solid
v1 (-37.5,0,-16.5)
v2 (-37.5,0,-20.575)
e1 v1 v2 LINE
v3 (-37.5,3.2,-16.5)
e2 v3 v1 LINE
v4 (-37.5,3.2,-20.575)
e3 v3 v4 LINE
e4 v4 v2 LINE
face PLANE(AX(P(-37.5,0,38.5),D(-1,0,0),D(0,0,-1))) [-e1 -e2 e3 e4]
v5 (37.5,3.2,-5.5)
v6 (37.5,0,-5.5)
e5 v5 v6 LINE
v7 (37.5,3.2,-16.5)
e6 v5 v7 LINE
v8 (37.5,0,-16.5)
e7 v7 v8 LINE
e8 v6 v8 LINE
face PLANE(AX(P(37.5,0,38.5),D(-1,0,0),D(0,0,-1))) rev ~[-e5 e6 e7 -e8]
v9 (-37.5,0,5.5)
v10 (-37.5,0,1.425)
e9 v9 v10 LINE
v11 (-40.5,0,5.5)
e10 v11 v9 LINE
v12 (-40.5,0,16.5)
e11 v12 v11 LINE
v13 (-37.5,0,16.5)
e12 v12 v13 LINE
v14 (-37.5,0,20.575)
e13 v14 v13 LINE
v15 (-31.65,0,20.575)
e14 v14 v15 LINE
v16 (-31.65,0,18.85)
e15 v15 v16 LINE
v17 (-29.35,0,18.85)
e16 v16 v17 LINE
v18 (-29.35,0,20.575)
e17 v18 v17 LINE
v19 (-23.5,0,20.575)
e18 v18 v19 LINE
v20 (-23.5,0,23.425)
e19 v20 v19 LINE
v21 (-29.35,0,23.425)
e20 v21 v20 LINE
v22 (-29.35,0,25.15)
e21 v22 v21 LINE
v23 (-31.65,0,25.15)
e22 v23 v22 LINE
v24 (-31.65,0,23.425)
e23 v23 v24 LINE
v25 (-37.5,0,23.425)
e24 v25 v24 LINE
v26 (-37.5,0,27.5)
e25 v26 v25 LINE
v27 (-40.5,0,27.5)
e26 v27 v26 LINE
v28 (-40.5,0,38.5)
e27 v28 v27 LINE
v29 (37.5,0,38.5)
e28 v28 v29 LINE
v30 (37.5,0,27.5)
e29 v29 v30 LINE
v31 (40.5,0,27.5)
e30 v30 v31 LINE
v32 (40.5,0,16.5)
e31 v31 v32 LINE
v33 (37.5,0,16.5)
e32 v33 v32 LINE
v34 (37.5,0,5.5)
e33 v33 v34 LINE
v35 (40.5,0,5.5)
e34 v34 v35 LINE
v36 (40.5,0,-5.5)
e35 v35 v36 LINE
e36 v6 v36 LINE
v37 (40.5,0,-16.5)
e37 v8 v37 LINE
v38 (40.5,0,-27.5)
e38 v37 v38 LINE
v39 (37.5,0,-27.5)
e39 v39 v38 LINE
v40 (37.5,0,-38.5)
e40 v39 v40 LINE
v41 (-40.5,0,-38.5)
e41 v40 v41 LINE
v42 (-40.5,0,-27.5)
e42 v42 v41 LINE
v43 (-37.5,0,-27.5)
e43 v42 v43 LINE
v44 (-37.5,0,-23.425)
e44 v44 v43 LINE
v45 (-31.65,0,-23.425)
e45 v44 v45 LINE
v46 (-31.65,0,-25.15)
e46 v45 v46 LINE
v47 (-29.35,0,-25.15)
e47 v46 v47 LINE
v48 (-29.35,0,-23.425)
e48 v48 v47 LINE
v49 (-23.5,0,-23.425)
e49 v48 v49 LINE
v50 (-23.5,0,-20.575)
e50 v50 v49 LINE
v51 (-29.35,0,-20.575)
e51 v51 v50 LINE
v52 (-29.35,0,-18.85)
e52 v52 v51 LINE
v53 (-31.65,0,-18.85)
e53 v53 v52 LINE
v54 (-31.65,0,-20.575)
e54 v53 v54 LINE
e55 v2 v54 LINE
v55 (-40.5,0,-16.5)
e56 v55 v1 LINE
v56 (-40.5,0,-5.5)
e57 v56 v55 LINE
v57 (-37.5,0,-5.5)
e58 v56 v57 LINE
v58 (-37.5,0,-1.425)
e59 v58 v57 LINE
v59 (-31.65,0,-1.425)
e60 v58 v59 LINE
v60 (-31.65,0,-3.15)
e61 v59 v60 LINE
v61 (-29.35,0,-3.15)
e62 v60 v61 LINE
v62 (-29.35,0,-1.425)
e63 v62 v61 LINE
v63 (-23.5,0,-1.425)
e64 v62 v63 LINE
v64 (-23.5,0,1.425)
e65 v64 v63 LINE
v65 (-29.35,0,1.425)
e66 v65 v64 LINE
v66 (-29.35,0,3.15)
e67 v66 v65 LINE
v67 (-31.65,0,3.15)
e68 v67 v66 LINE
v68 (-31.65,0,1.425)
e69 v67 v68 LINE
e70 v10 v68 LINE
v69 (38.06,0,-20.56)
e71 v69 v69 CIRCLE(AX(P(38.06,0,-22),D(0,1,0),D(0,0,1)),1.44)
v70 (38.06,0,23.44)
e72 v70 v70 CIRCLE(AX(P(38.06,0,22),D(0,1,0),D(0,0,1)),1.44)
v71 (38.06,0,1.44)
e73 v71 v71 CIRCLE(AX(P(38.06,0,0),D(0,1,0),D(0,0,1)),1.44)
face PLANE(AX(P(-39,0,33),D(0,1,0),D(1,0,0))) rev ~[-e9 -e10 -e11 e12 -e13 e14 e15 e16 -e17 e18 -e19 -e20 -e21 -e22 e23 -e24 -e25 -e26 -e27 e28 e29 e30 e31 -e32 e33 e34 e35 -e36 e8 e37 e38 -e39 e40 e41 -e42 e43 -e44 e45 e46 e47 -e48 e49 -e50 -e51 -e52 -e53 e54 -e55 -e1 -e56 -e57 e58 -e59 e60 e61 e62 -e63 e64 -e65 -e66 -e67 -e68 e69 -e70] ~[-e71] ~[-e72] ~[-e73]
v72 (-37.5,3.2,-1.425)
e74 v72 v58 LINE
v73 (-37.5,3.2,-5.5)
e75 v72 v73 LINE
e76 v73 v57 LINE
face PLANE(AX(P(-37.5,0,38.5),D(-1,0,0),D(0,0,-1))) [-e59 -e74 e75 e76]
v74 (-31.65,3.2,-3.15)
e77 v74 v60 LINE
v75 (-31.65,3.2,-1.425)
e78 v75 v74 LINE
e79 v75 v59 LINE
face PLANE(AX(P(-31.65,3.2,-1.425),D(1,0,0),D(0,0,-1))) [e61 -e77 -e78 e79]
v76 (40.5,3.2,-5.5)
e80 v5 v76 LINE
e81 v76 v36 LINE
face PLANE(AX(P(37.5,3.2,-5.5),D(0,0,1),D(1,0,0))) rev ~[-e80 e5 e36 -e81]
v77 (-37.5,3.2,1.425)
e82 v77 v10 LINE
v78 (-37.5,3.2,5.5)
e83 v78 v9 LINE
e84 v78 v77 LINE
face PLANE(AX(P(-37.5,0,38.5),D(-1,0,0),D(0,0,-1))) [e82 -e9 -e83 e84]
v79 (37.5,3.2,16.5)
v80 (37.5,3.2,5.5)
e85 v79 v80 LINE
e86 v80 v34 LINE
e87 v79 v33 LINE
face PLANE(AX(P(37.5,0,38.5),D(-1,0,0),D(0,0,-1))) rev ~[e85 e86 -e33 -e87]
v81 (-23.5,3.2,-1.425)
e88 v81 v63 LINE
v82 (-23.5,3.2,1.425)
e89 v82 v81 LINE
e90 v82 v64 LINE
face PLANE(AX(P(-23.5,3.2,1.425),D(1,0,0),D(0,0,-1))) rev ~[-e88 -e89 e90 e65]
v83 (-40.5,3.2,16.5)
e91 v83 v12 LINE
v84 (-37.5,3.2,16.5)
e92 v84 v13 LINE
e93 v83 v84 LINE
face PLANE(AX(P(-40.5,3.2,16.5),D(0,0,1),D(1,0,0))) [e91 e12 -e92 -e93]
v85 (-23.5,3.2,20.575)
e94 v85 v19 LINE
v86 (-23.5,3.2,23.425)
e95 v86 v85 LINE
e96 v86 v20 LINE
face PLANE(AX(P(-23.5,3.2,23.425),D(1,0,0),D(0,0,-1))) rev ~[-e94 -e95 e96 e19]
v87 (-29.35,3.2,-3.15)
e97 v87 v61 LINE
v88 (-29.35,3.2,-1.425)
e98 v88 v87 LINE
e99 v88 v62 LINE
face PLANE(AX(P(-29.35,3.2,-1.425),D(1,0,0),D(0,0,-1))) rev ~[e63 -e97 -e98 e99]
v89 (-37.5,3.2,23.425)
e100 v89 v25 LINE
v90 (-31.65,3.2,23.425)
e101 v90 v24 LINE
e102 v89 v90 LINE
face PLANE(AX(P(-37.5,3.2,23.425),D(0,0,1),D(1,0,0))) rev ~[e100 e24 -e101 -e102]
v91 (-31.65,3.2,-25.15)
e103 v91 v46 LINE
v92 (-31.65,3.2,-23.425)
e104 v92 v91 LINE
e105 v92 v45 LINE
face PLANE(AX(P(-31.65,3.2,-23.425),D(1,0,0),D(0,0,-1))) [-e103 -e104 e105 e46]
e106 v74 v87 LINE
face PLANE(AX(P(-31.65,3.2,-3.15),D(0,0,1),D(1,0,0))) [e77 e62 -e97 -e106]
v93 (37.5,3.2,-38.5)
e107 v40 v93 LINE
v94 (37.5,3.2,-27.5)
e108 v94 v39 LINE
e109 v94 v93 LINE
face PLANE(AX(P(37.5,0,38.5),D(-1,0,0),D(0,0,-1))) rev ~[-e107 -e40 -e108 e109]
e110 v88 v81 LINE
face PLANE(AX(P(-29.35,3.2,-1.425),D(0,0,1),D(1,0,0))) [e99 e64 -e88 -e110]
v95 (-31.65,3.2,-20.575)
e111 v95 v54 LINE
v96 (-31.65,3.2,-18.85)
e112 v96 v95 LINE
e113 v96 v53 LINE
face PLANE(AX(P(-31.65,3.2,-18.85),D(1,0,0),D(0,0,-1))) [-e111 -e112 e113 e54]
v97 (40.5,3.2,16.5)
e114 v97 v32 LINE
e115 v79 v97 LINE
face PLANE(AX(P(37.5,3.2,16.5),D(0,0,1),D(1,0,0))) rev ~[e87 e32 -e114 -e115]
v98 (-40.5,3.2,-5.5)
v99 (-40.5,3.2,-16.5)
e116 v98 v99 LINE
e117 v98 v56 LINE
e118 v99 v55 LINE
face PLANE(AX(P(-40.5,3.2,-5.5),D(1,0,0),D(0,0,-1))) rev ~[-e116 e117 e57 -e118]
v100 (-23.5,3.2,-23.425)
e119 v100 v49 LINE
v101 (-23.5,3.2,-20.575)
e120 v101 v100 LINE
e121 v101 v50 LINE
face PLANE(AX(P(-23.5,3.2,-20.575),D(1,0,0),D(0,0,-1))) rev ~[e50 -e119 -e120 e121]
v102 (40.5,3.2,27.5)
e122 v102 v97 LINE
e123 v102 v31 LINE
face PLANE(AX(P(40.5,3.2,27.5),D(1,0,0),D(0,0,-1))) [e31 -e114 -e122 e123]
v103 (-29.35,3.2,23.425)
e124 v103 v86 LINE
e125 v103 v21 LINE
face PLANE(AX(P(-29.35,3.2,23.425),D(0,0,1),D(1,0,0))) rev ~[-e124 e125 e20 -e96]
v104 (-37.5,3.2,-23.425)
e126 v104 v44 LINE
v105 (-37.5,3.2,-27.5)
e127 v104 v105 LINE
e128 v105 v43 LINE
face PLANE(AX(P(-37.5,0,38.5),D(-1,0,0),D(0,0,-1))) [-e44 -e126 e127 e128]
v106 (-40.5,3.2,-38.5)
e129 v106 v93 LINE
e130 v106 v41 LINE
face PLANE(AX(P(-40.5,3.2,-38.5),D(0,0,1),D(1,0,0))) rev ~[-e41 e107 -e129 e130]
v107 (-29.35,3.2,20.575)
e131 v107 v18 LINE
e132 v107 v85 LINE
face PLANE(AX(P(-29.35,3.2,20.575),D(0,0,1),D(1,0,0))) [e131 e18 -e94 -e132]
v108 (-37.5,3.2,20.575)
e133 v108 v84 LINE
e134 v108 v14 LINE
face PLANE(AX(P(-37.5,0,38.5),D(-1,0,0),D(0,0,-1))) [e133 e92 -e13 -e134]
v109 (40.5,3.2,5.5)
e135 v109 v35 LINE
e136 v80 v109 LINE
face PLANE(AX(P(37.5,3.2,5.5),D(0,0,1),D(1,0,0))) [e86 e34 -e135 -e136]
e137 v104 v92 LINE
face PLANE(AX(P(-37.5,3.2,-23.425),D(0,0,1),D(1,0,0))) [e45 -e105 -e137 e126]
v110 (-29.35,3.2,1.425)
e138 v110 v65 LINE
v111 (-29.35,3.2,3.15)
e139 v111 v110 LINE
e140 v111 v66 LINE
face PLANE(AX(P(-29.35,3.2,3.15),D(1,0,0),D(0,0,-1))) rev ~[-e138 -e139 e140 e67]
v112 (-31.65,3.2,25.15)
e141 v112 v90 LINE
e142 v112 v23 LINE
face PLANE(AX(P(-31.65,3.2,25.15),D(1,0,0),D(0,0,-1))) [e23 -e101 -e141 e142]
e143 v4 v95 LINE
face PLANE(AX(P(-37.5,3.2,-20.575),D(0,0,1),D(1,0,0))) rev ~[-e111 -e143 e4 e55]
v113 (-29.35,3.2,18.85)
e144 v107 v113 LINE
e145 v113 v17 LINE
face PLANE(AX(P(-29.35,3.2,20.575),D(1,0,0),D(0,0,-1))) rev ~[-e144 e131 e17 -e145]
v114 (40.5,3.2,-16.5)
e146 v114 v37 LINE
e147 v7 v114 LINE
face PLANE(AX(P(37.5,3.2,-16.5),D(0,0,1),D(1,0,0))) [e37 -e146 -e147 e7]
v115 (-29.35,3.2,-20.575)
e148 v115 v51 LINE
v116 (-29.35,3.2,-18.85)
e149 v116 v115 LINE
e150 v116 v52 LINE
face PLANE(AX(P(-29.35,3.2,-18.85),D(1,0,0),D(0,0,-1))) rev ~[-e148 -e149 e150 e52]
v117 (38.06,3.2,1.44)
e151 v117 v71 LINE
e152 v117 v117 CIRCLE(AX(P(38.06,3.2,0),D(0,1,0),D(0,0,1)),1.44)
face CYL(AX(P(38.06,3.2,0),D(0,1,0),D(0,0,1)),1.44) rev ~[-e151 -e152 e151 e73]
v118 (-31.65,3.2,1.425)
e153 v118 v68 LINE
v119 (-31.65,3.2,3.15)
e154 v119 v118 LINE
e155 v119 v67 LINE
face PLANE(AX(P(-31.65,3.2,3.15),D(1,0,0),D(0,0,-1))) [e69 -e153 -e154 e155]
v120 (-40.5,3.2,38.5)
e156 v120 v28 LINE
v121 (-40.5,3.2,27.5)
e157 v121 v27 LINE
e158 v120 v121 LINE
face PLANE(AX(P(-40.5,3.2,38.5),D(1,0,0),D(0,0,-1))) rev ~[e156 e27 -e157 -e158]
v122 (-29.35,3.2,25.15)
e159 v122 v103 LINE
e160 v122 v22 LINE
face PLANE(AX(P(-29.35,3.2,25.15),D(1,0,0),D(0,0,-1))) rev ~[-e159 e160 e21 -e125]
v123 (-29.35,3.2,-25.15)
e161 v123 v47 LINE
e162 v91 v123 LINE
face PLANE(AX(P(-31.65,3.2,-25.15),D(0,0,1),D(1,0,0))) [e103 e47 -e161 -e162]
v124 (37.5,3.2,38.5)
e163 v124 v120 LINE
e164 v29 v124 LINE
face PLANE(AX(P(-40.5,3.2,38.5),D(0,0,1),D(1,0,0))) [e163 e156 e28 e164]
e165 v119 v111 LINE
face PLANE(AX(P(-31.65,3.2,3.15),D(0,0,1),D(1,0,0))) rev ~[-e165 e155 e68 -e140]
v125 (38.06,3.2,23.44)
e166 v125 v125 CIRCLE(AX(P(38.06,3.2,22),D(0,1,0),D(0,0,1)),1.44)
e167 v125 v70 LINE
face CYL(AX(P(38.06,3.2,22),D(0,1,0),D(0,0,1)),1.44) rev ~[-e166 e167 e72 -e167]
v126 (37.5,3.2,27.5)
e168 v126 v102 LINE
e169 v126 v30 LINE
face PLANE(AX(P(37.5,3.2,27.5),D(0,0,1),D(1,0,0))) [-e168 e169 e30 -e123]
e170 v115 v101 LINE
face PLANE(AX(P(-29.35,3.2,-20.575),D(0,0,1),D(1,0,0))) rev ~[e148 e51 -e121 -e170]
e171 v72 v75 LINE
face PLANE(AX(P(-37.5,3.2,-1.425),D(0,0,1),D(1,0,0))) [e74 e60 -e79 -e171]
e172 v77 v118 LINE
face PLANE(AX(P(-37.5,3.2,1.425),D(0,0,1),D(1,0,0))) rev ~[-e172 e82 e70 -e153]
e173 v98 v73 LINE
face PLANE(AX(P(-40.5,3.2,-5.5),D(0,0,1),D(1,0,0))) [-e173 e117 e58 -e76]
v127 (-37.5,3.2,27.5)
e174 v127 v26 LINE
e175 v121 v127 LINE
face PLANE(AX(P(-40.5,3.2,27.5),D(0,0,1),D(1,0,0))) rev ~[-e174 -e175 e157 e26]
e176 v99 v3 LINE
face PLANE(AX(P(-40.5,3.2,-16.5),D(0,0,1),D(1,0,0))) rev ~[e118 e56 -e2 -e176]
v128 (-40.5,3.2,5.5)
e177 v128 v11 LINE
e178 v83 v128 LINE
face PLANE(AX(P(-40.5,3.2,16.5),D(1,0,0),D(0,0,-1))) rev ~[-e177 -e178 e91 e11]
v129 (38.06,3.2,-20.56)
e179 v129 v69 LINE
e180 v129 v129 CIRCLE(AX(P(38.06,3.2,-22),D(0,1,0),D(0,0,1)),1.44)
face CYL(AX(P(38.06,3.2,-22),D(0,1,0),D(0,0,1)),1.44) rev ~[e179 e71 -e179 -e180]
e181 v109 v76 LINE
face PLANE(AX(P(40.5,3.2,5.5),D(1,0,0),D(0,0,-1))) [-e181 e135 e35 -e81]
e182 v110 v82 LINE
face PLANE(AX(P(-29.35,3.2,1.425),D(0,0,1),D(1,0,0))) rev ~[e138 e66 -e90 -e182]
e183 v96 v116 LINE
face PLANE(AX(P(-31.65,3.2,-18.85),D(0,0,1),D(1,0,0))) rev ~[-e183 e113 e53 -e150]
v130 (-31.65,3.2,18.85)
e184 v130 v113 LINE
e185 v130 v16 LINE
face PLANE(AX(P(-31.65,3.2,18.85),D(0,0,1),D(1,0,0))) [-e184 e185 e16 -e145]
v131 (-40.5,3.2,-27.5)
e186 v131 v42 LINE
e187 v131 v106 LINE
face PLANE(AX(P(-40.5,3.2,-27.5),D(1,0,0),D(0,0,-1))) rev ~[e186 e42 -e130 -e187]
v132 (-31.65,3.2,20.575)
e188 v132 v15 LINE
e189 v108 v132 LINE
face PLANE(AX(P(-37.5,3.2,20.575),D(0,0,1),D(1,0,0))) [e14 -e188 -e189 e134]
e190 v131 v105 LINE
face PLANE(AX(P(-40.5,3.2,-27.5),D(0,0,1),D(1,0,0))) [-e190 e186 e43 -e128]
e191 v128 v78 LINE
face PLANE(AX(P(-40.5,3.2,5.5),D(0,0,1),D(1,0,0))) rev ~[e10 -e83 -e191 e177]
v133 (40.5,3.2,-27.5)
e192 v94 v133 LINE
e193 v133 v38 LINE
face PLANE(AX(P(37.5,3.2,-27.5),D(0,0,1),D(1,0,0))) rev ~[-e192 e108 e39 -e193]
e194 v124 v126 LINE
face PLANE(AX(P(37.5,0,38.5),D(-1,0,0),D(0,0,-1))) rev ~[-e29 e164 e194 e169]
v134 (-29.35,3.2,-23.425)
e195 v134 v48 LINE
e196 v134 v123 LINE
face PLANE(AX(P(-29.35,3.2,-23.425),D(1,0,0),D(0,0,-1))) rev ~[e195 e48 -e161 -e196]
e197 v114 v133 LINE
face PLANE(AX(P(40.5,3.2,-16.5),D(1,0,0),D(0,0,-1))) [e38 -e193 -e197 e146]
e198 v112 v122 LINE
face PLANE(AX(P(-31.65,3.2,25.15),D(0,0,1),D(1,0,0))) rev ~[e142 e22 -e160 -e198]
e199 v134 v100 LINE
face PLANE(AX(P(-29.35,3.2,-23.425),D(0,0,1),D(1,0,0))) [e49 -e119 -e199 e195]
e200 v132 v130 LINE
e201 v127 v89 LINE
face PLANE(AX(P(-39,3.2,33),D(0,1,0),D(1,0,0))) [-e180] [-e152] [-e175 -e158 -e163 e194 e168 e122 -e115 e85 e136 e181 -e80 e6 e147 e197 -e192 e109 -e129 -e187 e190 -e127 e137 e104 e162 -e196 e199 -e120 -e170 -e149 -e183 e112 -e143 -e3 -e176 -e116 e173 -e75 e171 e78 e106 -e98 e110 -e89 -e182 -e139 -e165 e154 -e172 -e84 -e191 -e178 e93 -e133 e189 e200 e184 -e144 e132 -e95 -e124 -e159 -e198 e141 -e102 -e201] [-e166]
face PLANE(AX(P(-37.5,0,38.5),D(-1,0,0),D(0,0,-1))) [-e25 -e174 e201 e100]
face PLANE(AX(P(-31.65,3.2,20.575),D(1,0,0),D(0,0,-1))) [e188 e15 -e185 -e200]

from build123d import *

# Parameters (mm, degrees)
SKETCH1_W           = 75
SKETCH1_H           = 77
BOSS_EXTRUDE1_DEPTH = 3.2
SKETCH2_W           = 3
SKETCH2_H           = 11
BOSS_EXTRUDE3_DEPTH = 3.2
LPATTERN1_COUNT     = 4
LPATTERN1_PITCH     = 22
SKETCH5_W           = 14
SKETCH5_H           = 2.85
SKETCH5_W_2         = 2.3
SKETCH5_H_2         = 6.3
CUT_EXTRUDE1_DEPTH  = 56.970885289
LPATTERN3_COUNT     = 3
LPATTERN3_PITCH     = 22
SKETCH4_W           = 3
SKETCH4_H           = 11
BOSS_EXTRUDE6_DEPTH = 3.2
SKETCH7_R           = 1.44
CUT_EXTRUDE2_DEPTH  = 56.970885289
LPATTERN7_COUNT     = 3
LPATTERN7_PITCH     = 22
LPATTERN8_COUNT     = 3
LPATTERN8_PITCH     = 22


with BuildPart() as part:
    # Sketch1 → Boss-Extrude1 (new body)
    with BuildSketch(Plane(origin=(0, 0, 0), x_dir=(1, 0, 0), z_dir=(0, 1, 0))):
        Rectangle(SKETCH1_W, SKETCH1_H)
    extrude(amount=BOSS_EXTRUDE1_DEPTH)

    # Sketch2 → Boss-Extrude3 (add)
    with BuildSketch(Plane(origin=(0, 3.2, 0), x_dir=(1, 0, 0), z_dir=(0, 1, 0))):
        with Locations((-39, 33)):
            Rectangle(SKETCH2_W, SKETCH2_H)
    boss_extrude3 = extrude(amount=-BOSS_EXTRUDE3_DEPTH)

    # LPattern1: Boss-Extrude3 ×4
    with Locations(*[(0, 0, i * LPATTERN1_PITCH) for i in range(1, LPATTERN1_COUNT)]):
        add(boss_extrude3)

    # Sketch5 → Cut-Extrude1 (cut, through all)
    with BuildSketch(Plane(origin=(0, 3.2, 0), x_dir=(1, 0, 0), z_dir=(0, 1, 0))):
        with Locations((-30.5, 22)):
            Rectangle(SKETCH5_W, SKETCH5_H)
        with Locations((-30.5, 22)):
            Rectangle(SKETCH5_W_2, SKETCH5_H_2)
    cut_extrude1 = extrude(amount=-CUT_EXTRUDE1_DEPTH, mode=Mode.SUBTRACT)

    # LPattern3: Cut-Extrude1 ×3
    with Locations(*[(0, 0, i * LPATTERN3_PITCH) for i in range(1, LPATTERN3_COUNT)]):
        add(cut_extrude1, mode=Mode.SUBTRACT)

    # Sketch4 → Boss-Extrude6 (add)
    with BuildSketch(Plane(origin=(0, 3.2, 0), x_dir=(1, 0, 0), z_dir=(0, 1, 0))):
        with Locations((39, 22)):
            Rectangle(SKETCH4_W, SKETCH4_H)
    boss_extrude6 = extrude(amount=-BOSS_EXTRUDE6_DEPTH)

    # Sketch7 → Cut-Extrude2 (cut, through all)
    with BuildSketch(Plane(origin=(0, 3.2, 0), x_dir=(1, 0, 0), z_dir=(0, 1, 0))):
        with Locations(Location((38.06, 22, 0), (0, 0, 270))):
            Circle(SKETCH7_R)
    cut_extrude2 = extrude(amount=-CUT_EXTRUDE2_DEPTH, mode=Mode.SUBTRACT)

    # LPattern7: Boss-Extrude6 ×3
    with Locations(*[(0, 0, i * LPATTERN7_PITCH) for i in range(1, LPATTERN7_COUNT)]):
        add(boss_extrude6)

    # LPattern8: Cut-Extrude2 ×3
    with Locations(*[(0, 0, i * LPATTERN8_PITCH) for i in range(1, LPATTERN8_COUNT)]):
        add(cut_extrude2, mode=Mode.SUBTRACT)


solid = part.part
